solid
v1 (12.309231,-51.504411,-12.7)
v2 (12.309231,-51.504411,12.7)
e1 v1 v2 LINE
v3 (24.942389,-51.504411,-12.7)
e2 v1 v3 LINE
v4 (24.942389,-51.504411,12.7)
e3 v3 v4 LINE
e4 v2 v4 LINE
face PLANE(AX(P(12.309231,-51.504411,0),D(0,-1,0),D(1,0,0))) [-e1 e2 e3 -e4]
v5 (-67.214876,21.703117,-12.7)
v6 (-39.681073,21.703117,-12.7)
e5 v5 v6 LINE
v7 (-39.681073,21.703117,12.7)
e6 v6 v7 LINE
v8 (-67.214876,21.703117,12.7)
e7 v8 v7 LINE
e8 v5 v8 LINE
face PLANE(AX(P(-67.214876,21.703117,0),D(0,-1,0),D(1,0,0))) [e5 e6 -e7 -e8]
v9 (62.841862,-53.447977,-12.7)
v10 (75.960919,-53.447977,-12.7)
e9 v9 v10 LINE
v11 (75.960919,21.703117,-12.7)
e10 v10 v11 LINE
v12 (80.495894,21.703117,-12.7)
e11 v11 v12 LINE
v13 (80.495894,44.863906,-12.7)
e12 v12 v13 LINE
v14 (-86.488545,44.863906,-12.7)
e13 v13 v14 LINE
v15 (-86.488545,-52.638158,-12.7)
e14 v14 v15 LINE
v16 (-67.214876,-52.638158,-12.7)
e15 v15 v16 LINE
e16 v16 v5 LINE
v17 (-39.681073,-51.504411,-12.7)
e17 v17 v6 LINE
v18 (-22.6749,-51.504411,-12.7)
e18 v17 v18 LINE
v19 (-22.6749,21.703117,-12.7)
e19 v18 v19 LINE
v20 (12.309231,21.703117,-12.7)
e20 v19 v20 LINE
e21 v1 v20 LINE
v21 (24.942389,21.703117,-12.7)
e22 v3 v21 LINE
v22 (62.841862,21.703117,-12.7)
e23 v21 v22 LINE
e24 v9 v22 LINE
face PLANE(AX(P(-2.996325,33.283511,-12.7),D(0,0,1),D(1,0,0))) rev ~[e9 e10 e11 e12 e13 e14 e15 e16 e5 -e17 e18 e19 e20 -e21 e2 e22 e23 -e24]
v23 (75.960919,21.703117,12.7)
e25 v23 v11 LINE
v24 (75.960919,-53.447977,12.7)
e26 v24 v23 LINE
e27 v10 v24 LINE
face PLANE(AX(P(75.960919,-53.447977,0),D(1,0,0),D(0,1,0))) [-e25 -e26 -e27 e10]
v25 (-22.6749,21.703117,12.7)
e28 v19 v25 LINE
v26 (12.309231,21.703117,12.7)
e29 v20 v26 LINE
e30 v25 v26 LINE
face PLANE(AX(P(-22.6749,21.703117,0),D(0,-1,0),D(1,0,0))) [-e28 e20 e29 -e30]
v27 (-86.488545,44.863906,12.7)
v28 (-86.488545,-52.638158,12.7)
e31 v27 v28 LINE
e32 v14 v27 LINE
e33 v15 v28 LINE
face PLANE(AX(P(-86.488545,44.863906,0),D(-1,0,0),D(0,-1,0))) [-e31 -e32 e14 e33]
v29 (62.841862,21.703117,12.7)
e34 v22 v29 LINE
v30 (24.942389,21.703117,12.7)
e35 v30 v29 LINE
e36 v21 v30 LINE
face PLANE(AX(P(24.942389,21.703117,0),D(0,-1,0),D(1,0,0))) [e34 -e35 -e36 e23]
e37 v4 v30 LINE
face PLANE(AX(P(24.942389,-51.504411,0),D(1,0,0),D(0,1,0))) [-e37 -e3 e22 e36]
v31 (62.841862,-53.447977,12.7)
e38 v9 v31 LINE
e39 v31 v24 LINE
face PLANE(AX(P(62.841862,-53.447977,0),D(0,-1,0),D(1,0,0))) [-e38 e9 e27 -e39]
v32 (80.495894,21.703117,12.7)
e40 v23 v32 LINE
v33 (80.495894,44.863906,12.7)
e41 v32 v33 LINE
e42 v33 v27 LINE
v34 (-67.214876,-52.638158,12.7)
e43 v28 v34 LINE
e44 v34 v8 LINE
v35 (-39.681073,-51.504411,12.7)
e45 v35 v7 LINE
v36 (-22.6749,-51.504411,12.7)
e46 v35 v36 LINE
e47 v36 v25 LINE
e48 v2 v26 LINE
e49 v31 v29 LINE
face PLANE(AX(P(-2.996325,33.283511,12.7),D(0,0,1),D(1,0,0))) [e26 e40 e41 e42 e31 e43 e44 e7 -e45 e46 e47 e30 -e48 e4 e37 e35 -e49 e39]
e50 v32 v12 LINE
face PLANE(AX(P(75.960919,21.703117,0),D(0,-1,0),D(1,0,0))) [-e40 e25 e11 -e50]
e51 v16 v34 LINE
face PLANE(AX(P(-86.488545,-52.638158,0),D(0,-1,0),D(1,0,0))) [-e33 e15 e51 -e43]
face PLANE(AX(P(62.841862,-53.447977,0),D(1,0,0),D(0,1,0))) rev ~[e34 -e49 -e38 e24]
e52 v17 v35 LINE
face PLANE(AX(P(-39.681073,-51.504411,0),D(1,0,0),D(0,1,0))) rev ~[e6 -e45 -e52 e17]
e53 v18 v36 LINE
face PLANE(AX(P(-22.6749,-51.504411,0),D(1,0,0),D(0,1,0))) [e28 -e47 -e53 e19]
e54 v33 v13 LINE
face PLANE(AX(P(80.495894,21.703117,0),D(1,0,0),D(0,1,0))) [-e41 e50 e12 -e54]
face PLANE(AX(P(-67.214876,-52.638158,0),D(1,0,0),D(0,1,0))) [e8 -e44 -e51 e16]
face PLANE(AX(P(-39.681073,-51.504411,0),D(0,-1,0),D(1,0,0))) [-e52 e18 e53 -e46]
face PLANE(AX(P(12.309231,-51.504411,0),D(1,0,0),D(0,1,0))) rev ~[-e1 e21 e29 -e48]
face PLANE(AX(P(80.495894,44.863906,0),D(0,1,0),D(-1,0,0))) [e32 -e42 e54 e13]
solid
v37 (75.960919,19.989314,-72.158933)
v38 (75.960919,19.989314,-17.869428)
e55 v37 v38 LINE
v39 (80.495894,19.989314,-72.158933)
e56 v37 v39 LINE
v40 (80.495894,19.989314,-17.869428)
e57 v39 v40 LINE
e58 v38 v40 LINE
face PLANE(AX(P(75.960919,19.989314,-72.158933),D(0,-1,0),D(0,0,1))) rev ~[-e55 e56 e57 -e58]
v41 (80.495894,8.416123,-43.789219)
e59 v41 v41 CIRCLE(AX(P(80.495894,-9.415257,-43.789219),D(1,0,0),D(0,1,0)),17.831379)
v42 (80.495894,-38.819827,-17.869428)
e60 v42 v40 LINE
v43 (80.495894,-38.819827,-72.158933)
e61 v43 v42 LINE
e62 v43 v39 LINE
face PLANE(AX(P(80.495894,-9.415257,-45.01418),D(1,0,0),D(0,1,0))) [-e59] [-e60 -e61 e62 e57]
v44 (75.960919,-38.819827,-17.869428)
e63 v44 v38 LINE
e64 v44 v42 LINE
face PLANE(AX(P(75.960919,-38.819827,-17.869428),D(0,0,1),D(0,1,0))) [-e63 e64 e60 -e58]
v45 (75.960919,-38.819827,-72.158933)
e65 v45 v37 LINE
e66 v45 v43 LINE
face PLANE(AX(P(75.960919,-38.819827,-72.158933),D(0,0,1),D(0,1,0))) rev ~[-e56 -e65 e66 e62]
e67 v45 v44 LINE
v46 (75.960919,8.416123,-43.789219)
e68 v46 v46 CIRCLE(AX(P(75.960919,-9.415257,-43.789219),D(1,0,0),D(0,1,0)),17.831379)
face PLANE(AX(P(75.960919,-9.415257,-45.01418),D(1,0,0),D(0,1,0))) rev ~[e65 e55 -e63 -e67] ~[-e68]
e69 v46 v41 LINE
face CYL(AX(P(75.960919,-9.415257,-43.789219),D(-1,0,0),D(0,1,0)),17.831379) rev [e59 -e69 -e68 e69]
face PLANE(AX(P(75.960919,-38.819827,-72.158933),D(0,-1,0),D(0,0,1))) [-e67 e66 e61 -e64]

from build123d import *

# Parameters (mm, degrees)
F0_W     = 19.2736685276
F0_H     = 74.3412747979
F0_W_2   = 13.1190568209
F0_H_2   = 75.1510933042
F0_W_3   = 17.0061737299
F0_H_3   = 73.2075273991
F0_W_4   = 12.633157894
F2_DEPTH = 12.7
F3_START = 75.960919261
F1_W     = 58.8091406971
F1_H     = 54.2895048857
F1_R     = 17.8313793546
F3_DEPTH = 4.5349746943


with BuildPart() as f2:
    # F0 (on Top) → F2 (new body, symmetric)
    with BuildSketch(Plane.XY):
        Polygon((80.4958939552, 44.8639057577), (-86.4885449409, 44.8639057577), (-86.4885449409, 21.7031165957), (-67.2148764133, 21.7031165957), (-39.6810732782, 21.7031165957), (-22.6748995483, 21.7031165957), (12.309230864, 21.7031165957), (24.9423887581, 21.7031165957), (62.8418624401, 21.7031165957), (75.960919261, 21.7031165957), (80.4958939552, 21.7031165957), align=None)
        with Locations((-76.8517106771, -15.4675208032)):
            Rectangle(F0_W, F0_H)
        with Locations((69.4013908505, -15.8724300563)):
            Rectangle(F0_W_2, F0_H_2)
        with Locations((-31.1779864132, -14.9006471038)):
            Rectangle(F0_W_3, F0_H_3)
        with Locations((18.6258098111, -14.9006471038)):
            Rectangle(F0_W_4, F0_H_3)
    extrude(amount=F2_DEPTH, both=True)


with BuildPart() as f3:
    # F1 (on Right) → F3 (new body)
    with BuildSketch(Plane.YZ.offset(F3_START)):
        with Locations((-9.4152567908, -45.014180243)):
            Rectangle(F1_W, F1_H)
        with Locations((-9.4152567908, -43.7892191112)):
            Circle(F1_R, mode=Mode.SUBTRACT)
    extrude(amount=F3_DEPTH)


solid = Compound([f2.part, f3.part])
